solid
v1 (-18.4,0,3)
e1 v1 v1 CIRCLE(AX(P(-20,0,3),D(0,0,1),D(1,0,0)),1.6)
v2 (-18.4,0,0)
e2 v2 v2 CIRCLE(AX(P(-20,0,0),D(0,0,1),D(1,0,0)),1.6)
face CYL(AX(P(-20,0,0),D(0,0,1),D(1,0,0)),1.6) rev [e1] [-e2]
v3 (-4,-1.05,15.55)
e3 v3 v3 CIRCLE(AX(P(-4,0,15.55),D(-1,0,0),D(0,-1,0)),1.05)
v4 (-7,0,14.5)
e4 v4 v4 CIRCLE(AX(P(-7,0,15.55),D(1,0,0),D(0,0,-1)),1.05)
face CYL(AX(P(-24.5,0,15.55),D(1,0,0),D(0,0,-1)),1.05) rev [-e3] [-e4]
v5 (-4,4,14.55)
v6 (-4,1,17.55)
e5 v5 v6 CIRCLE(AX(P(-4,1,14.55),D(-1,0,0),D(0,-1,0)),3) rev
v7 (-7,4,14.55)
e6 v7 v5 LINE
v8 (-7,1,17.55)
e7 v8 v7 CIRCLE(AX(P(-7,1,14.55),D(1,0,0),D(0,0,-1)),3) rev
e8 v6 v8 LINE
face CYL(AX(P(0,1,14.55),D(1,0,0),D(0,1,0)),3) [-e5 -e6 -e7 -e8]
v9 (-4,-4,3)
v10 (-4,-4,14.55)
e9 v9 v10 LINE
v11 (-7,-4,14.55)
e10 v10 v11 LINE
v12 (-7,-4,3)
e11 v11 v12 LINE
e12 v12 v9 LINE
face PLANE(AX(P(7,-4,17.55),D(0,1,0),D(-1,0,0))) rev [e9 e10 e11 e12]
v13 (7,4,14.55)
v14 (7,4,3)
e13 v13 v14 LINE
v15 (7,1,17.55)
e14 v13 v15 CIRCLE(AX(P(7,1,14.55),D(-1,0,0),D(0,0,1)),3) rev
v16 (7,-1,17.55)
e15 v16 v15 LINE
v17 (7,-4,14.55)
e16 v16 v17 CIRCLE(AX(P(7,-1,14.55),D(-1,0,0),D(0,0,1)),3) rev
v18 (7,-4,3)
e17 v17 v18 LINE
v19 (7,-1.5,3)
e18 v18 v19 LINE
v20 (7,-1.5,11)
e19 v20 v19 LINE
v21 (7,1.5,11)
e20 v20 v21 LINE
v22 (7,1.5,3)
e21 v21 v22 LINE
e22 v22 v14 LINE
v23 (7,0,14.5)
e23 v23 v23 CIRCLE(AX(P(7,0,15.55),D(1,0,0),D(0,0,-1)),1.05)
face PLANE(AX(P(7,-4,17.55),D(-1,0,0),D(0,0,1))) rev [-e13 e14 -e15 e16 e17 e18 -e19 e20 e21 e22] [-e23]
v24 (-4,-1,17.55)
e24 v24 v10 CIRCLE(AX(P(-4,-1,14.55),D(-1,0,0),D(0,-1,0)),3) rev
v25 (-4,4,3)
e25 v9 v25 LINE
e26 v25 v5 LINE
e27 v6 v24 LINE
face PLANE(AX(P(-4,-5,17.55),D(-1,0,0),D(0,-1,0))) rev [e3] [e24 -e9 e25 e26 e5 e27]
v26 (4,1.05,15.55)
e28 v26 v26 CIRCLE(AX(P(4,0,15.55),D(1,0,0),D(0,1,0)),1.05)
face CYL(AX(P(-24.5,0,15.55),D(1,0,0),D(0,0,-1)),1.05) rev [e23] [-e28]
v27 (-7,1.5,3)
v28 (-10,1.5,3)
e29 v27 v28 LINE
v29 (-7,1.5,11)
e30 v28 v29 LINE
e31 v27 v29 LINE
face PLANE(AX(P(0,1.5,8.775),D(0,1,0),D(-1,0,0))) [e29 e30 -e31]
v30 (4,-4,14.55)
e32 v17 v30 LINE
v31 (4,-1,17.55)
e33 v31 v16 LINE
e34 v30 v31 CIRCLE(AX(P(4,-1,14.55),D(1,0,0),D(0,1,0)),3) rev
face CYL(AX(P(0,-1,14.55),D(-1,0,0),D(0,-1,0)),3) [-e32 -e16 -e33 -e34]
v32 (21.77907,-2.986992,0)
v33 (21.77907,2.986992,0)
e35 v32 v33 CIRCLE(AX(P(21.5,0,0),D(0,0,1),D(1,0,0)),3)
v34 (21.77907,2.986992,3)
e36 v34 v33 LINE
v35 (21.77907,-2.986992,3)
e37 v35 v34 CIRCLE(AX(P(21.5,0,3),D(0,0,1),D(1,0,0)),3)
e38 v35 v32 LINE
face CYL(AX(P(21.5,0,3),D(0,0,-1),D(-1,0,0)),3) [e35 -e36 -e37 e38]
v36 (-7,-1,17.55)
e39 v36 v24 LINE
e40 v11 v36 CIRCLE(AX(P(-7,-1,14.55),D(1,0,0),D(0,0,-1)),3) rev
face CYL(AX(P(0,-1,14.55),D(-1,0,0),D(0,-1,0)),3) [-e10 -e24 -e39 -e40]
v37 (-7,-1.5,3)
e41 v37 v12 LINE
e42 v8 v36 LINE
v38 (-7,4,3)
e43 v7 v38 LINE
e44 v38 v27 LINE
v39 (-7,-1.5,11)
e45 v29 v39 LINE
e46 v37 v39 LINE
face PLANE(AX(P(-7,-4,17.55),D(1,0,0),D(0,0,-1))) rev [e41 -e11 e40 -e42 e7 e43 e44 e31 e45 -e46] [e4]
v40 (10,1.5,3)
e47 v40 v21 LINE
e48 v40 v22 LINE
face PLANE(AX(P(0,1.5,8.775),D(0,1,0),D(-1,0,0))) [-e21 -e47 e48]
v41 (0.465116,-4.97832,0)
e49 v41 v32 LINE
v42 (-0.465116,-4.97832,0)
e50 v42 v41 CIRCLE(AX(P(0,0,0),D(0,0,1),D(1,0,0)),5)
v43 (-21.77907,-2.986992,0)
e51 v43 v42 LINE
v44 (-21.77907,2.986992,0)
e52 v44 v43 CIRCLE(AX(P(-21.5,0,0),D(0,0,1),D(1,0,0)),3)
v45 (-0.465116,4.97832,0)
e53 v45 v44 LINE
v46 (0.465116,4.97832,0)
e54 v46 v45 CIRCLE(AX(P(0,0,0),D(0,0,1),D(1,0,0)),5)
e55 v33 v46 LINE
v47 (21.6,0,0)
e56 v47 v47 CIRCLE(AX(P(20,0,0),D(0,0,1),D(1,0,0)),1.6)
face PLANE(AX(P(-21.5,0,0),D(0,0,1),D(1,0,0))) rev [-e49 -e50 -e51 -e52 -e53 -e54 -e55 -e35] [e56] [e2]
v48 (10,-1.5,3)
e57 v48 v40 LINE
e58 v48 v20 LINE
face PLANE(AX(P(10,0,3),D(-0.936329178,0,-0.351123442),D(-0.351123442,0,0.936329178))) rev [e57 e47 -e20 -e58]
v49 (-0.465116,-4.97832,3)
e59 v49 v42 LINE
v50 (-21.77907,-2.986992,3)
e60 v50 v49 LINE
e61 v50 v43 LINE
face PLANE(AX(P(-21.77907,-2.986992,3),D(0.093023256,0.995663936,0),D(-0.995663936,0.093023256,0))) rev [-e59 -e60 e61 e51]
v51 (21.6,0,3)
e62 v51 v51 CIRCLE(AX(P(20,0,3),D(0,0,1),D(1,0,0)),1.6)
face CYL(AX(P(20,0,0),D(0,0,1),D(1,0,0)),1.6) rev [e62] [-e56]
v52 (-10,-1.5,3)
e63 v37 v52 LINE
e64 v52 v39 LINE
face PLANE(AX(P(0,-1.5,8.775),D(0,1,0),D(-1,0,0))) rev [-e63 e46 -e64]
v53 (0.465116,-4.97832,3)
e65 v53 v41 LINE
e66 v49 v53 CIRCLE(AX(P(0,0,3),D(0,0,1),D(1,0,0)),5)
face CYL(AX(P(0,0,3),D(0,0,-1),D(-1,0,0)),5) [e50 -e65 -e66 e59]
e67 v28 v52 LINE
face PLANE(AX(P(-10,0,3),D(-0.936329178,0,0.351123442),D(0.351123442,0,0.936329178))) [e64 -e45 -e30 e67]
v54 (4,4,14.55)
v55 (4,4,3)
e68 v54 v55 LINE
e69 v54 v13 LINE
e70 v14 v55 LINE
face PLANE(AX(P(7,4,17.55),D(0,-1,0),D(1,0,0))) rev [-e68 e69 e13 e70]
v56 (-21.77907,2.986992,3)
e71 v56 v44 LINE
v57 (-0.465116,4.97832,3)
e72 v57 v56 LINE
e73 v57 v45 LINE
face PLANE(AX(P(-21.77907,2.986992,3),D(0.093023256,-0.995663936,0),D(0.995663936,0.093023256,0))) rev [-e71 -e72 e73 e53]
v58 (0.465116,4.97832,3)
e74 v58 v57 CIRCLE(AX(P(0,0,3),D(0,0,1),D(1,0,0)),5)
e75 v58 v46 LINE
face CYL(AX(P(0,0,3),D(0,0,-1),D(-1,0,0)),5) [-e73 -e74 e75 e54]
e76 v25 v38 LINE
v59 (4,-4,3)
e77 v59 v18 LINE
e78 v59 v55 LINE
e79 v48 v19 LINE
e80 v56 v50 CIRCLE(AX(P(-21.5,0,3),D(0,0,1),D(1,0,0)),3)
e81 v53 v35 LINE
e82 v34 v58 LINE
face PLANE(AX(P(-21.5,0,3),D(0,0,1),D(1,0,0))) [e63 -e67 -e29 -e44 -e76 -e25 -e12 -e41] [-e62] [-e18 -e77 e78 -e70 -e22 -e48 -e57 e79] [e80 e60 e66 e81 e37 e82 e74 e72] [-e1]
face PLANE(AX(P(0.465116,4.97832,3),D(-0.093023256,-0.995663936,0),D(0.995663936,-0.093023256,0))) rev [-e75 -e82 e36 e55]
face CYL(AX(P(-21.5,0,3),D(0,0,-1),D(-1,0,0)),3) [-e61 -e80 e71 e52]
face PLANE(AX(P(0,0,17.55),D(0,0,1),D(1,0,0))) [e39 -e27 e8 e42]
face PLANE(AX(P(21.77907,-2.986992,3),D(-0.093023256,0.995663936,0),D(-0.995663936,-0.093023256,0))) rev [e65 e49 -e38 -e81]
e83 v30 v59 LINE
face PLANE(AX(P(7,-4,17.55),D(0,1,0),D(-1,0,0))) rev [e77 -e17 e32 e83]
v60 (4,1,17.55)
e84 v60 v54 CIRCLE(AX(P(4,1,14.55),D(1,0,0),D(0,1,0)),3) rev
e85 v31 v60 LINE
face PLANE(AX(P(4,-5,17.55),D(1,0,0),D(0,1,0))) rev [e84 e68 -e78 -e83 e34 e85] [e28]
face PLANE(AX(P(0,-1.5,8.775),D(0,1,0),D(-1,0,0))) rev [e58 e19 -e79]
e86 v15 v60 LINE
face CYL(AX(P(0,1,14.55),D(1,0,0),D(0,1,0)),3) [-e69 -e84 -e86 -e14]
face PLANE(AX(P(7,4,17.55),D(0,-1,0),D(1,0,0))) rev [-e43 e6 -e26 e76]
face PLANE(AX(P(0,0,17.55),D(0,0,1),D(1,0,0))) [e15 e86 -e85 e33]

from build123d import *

# Parameters (mm, degrees)
EXTRUDE_1_DEPTH     = 3
SKETCH_2_R          = 1.6
CUT_EXTRUDE_1_DEPTH = 26.184320519
SKETCH_4_W          = 14
SKETCH_4_H          = 8
EXTRUDE_2_DEPTH     = 14.55
SKETCH_5_W          = 8
SKETCH_5_H          = 14.55
CUT_EXTRUDE_2_DEPTH = 32.452384647
SKETCH_6_R          = 1.05
CUT_EXTRUDE_3_DEPTH = 37.404017635
FILLET_1_R          = 3
RIB_1_REACH         = 32.549
SKETCH_7_WALL_W     = 71.642367062
SKETCH_7_WALL_H     = 3
RIB_2_REACH         = 32.549
SKETCH_8_WALL_W     = 71.642367062
SKETCH_8_WALL_H     = 3


with BuildPart() as part:
    # 草图1 → 凸台-拉伸1 (new body)
    with BuildSketch(Plane.XY):
        with BuildLine():
            Line((-21.779069767, 2.986991809), (-0.465116279, 4.978319681))
            ThreePointArc((-0.465116279, 4.978319681), (0, 5), (0.465116279, 4.978319681))
            Line((0.465116279, 4.978319681), (21.779069767, 2.986991809))
            ThreePointArc((21.779069767, 2.986991809), (24.5, 0), (21.779069767, -2.986991809))
            Line((21.779069767, -2.986991809), (0.465116279, -4.978319681))
            ThreePointArc((0.465116279, -4.978319681), (0, -5), (-0.465116279, -4.978319681))
            Line((-0.465116279, -4.978319681), (-21.779069767, -2.986991809))
            ThreePointArc((-21.779069767, -2.986991809), (-24.5, 0), (-21.779069767, 2.986991809))
        make_face()
    extrude(amount=EXTRUDE_1_DEPTH)

    # 草图2 → 切除-拉伸1 (cut, through all)
    with BuildSketch(Plane.XY.offset(3)):
        with Locations((-20, 0)):
            Circle(SKETCH_2_R)
        with Locations((20, 0)):
            Circle(SKETCH_2_R)
    extrude(amount=-CUT_EXTRUDE_1_DEPTH, mode=Mode.SUBTRACT)

    # 草图4 → 凸台-拉伸2 (add)
    with BuildSketch(Plane.XY.offset(3)):
        Rectangle(SKETCH_4_W, SKETCH_4_H)
    extrude(amount=EXTRUDE_2_DEPTH)

    # 草图5 → 切除-拉伸2 (cut, through all)
    with BuildSketch(Plane(origin=(0, 4, 0), x_dir=(1, 0, 0), z_dir=(0, 1, 0))):
        with Locations((0, -10.275)):
            Rectangle(SKETCH_5_W, SKETCH_5_H)
    extrude(amount=-CUT_EXTRUDE_2_DEPTH, mode=Mode.SUBTRACT)

    # 草图6 → 切除-拉伸3 (cut, through all)
    with BuildSketch(Plane(origin=(7, 0, 0), x_dir=(0, 0, -1), z_dir=(1, 0, 0))):
        with Locations((-15.55, 0)):
            Circle(SKETCH_6_R)
    extrude(amount=-CUT_EXTRUDE_3_DEPTH, mode=Mode.SUBTRACT)

    # 圆角1
    fillet_1_edges = [part.edges().sort_by_distance(p)[0] for p in [
        (-5.5, -4, 17.55),
        (5.5, 4, 17.55),
        (5.5, -4, 17.55),
        (-5.5, 4, 17.55),
    ]]
    fillet(fillet_1_edges, radius=FILLET_1_R)

    # 草图7 wall → 筋1 (add, up to next)
    with BuildSketch(Plane(origin=(8.5, 0, 7), x_dir=(-0.351123441588, 0, 0.936329177569), z_dir=(0.936329177569, 0, 0.351123441588)), mode=Mode.PRIVATE) as rib_1_sk1:
        Rectangle(SKETCH_7_WALL_W, SKETCH_7_WALL_H)
    rib_1_tool1 = extrude(rib_1_sk1.sketch, amount=-RIB_1_REACH, mode=Mode.PRIVATE) - part.part
    add(rib_1_tool1.solids().sort_by_distance((8.5, 0, 7))[0])

    # 草图8 wall → 筋2 (add, up to next)
    with BuildSketch(Plane(origin=(-8.5, 0, 7), x_dir=(0.351123441588, 0, 0.936329177569), z_dir=(0.936329177569, 0, -0.351123441588)), mode=Mode.PRIVATE) as rib_2_sk1:
        Rectangle(SKETCH_8_WALL_W, SKETCH_8_WALL_H)
    rib_2_tool1 = extrude(rib_2_sk1.sketch, amount=RIB_2_REACH, mode=Mode.PRIVATE) - part.part
    add(rib_2_tool1.solids().sort_by_distance((-8.5, 0, 7))[0])


solid = part.part
